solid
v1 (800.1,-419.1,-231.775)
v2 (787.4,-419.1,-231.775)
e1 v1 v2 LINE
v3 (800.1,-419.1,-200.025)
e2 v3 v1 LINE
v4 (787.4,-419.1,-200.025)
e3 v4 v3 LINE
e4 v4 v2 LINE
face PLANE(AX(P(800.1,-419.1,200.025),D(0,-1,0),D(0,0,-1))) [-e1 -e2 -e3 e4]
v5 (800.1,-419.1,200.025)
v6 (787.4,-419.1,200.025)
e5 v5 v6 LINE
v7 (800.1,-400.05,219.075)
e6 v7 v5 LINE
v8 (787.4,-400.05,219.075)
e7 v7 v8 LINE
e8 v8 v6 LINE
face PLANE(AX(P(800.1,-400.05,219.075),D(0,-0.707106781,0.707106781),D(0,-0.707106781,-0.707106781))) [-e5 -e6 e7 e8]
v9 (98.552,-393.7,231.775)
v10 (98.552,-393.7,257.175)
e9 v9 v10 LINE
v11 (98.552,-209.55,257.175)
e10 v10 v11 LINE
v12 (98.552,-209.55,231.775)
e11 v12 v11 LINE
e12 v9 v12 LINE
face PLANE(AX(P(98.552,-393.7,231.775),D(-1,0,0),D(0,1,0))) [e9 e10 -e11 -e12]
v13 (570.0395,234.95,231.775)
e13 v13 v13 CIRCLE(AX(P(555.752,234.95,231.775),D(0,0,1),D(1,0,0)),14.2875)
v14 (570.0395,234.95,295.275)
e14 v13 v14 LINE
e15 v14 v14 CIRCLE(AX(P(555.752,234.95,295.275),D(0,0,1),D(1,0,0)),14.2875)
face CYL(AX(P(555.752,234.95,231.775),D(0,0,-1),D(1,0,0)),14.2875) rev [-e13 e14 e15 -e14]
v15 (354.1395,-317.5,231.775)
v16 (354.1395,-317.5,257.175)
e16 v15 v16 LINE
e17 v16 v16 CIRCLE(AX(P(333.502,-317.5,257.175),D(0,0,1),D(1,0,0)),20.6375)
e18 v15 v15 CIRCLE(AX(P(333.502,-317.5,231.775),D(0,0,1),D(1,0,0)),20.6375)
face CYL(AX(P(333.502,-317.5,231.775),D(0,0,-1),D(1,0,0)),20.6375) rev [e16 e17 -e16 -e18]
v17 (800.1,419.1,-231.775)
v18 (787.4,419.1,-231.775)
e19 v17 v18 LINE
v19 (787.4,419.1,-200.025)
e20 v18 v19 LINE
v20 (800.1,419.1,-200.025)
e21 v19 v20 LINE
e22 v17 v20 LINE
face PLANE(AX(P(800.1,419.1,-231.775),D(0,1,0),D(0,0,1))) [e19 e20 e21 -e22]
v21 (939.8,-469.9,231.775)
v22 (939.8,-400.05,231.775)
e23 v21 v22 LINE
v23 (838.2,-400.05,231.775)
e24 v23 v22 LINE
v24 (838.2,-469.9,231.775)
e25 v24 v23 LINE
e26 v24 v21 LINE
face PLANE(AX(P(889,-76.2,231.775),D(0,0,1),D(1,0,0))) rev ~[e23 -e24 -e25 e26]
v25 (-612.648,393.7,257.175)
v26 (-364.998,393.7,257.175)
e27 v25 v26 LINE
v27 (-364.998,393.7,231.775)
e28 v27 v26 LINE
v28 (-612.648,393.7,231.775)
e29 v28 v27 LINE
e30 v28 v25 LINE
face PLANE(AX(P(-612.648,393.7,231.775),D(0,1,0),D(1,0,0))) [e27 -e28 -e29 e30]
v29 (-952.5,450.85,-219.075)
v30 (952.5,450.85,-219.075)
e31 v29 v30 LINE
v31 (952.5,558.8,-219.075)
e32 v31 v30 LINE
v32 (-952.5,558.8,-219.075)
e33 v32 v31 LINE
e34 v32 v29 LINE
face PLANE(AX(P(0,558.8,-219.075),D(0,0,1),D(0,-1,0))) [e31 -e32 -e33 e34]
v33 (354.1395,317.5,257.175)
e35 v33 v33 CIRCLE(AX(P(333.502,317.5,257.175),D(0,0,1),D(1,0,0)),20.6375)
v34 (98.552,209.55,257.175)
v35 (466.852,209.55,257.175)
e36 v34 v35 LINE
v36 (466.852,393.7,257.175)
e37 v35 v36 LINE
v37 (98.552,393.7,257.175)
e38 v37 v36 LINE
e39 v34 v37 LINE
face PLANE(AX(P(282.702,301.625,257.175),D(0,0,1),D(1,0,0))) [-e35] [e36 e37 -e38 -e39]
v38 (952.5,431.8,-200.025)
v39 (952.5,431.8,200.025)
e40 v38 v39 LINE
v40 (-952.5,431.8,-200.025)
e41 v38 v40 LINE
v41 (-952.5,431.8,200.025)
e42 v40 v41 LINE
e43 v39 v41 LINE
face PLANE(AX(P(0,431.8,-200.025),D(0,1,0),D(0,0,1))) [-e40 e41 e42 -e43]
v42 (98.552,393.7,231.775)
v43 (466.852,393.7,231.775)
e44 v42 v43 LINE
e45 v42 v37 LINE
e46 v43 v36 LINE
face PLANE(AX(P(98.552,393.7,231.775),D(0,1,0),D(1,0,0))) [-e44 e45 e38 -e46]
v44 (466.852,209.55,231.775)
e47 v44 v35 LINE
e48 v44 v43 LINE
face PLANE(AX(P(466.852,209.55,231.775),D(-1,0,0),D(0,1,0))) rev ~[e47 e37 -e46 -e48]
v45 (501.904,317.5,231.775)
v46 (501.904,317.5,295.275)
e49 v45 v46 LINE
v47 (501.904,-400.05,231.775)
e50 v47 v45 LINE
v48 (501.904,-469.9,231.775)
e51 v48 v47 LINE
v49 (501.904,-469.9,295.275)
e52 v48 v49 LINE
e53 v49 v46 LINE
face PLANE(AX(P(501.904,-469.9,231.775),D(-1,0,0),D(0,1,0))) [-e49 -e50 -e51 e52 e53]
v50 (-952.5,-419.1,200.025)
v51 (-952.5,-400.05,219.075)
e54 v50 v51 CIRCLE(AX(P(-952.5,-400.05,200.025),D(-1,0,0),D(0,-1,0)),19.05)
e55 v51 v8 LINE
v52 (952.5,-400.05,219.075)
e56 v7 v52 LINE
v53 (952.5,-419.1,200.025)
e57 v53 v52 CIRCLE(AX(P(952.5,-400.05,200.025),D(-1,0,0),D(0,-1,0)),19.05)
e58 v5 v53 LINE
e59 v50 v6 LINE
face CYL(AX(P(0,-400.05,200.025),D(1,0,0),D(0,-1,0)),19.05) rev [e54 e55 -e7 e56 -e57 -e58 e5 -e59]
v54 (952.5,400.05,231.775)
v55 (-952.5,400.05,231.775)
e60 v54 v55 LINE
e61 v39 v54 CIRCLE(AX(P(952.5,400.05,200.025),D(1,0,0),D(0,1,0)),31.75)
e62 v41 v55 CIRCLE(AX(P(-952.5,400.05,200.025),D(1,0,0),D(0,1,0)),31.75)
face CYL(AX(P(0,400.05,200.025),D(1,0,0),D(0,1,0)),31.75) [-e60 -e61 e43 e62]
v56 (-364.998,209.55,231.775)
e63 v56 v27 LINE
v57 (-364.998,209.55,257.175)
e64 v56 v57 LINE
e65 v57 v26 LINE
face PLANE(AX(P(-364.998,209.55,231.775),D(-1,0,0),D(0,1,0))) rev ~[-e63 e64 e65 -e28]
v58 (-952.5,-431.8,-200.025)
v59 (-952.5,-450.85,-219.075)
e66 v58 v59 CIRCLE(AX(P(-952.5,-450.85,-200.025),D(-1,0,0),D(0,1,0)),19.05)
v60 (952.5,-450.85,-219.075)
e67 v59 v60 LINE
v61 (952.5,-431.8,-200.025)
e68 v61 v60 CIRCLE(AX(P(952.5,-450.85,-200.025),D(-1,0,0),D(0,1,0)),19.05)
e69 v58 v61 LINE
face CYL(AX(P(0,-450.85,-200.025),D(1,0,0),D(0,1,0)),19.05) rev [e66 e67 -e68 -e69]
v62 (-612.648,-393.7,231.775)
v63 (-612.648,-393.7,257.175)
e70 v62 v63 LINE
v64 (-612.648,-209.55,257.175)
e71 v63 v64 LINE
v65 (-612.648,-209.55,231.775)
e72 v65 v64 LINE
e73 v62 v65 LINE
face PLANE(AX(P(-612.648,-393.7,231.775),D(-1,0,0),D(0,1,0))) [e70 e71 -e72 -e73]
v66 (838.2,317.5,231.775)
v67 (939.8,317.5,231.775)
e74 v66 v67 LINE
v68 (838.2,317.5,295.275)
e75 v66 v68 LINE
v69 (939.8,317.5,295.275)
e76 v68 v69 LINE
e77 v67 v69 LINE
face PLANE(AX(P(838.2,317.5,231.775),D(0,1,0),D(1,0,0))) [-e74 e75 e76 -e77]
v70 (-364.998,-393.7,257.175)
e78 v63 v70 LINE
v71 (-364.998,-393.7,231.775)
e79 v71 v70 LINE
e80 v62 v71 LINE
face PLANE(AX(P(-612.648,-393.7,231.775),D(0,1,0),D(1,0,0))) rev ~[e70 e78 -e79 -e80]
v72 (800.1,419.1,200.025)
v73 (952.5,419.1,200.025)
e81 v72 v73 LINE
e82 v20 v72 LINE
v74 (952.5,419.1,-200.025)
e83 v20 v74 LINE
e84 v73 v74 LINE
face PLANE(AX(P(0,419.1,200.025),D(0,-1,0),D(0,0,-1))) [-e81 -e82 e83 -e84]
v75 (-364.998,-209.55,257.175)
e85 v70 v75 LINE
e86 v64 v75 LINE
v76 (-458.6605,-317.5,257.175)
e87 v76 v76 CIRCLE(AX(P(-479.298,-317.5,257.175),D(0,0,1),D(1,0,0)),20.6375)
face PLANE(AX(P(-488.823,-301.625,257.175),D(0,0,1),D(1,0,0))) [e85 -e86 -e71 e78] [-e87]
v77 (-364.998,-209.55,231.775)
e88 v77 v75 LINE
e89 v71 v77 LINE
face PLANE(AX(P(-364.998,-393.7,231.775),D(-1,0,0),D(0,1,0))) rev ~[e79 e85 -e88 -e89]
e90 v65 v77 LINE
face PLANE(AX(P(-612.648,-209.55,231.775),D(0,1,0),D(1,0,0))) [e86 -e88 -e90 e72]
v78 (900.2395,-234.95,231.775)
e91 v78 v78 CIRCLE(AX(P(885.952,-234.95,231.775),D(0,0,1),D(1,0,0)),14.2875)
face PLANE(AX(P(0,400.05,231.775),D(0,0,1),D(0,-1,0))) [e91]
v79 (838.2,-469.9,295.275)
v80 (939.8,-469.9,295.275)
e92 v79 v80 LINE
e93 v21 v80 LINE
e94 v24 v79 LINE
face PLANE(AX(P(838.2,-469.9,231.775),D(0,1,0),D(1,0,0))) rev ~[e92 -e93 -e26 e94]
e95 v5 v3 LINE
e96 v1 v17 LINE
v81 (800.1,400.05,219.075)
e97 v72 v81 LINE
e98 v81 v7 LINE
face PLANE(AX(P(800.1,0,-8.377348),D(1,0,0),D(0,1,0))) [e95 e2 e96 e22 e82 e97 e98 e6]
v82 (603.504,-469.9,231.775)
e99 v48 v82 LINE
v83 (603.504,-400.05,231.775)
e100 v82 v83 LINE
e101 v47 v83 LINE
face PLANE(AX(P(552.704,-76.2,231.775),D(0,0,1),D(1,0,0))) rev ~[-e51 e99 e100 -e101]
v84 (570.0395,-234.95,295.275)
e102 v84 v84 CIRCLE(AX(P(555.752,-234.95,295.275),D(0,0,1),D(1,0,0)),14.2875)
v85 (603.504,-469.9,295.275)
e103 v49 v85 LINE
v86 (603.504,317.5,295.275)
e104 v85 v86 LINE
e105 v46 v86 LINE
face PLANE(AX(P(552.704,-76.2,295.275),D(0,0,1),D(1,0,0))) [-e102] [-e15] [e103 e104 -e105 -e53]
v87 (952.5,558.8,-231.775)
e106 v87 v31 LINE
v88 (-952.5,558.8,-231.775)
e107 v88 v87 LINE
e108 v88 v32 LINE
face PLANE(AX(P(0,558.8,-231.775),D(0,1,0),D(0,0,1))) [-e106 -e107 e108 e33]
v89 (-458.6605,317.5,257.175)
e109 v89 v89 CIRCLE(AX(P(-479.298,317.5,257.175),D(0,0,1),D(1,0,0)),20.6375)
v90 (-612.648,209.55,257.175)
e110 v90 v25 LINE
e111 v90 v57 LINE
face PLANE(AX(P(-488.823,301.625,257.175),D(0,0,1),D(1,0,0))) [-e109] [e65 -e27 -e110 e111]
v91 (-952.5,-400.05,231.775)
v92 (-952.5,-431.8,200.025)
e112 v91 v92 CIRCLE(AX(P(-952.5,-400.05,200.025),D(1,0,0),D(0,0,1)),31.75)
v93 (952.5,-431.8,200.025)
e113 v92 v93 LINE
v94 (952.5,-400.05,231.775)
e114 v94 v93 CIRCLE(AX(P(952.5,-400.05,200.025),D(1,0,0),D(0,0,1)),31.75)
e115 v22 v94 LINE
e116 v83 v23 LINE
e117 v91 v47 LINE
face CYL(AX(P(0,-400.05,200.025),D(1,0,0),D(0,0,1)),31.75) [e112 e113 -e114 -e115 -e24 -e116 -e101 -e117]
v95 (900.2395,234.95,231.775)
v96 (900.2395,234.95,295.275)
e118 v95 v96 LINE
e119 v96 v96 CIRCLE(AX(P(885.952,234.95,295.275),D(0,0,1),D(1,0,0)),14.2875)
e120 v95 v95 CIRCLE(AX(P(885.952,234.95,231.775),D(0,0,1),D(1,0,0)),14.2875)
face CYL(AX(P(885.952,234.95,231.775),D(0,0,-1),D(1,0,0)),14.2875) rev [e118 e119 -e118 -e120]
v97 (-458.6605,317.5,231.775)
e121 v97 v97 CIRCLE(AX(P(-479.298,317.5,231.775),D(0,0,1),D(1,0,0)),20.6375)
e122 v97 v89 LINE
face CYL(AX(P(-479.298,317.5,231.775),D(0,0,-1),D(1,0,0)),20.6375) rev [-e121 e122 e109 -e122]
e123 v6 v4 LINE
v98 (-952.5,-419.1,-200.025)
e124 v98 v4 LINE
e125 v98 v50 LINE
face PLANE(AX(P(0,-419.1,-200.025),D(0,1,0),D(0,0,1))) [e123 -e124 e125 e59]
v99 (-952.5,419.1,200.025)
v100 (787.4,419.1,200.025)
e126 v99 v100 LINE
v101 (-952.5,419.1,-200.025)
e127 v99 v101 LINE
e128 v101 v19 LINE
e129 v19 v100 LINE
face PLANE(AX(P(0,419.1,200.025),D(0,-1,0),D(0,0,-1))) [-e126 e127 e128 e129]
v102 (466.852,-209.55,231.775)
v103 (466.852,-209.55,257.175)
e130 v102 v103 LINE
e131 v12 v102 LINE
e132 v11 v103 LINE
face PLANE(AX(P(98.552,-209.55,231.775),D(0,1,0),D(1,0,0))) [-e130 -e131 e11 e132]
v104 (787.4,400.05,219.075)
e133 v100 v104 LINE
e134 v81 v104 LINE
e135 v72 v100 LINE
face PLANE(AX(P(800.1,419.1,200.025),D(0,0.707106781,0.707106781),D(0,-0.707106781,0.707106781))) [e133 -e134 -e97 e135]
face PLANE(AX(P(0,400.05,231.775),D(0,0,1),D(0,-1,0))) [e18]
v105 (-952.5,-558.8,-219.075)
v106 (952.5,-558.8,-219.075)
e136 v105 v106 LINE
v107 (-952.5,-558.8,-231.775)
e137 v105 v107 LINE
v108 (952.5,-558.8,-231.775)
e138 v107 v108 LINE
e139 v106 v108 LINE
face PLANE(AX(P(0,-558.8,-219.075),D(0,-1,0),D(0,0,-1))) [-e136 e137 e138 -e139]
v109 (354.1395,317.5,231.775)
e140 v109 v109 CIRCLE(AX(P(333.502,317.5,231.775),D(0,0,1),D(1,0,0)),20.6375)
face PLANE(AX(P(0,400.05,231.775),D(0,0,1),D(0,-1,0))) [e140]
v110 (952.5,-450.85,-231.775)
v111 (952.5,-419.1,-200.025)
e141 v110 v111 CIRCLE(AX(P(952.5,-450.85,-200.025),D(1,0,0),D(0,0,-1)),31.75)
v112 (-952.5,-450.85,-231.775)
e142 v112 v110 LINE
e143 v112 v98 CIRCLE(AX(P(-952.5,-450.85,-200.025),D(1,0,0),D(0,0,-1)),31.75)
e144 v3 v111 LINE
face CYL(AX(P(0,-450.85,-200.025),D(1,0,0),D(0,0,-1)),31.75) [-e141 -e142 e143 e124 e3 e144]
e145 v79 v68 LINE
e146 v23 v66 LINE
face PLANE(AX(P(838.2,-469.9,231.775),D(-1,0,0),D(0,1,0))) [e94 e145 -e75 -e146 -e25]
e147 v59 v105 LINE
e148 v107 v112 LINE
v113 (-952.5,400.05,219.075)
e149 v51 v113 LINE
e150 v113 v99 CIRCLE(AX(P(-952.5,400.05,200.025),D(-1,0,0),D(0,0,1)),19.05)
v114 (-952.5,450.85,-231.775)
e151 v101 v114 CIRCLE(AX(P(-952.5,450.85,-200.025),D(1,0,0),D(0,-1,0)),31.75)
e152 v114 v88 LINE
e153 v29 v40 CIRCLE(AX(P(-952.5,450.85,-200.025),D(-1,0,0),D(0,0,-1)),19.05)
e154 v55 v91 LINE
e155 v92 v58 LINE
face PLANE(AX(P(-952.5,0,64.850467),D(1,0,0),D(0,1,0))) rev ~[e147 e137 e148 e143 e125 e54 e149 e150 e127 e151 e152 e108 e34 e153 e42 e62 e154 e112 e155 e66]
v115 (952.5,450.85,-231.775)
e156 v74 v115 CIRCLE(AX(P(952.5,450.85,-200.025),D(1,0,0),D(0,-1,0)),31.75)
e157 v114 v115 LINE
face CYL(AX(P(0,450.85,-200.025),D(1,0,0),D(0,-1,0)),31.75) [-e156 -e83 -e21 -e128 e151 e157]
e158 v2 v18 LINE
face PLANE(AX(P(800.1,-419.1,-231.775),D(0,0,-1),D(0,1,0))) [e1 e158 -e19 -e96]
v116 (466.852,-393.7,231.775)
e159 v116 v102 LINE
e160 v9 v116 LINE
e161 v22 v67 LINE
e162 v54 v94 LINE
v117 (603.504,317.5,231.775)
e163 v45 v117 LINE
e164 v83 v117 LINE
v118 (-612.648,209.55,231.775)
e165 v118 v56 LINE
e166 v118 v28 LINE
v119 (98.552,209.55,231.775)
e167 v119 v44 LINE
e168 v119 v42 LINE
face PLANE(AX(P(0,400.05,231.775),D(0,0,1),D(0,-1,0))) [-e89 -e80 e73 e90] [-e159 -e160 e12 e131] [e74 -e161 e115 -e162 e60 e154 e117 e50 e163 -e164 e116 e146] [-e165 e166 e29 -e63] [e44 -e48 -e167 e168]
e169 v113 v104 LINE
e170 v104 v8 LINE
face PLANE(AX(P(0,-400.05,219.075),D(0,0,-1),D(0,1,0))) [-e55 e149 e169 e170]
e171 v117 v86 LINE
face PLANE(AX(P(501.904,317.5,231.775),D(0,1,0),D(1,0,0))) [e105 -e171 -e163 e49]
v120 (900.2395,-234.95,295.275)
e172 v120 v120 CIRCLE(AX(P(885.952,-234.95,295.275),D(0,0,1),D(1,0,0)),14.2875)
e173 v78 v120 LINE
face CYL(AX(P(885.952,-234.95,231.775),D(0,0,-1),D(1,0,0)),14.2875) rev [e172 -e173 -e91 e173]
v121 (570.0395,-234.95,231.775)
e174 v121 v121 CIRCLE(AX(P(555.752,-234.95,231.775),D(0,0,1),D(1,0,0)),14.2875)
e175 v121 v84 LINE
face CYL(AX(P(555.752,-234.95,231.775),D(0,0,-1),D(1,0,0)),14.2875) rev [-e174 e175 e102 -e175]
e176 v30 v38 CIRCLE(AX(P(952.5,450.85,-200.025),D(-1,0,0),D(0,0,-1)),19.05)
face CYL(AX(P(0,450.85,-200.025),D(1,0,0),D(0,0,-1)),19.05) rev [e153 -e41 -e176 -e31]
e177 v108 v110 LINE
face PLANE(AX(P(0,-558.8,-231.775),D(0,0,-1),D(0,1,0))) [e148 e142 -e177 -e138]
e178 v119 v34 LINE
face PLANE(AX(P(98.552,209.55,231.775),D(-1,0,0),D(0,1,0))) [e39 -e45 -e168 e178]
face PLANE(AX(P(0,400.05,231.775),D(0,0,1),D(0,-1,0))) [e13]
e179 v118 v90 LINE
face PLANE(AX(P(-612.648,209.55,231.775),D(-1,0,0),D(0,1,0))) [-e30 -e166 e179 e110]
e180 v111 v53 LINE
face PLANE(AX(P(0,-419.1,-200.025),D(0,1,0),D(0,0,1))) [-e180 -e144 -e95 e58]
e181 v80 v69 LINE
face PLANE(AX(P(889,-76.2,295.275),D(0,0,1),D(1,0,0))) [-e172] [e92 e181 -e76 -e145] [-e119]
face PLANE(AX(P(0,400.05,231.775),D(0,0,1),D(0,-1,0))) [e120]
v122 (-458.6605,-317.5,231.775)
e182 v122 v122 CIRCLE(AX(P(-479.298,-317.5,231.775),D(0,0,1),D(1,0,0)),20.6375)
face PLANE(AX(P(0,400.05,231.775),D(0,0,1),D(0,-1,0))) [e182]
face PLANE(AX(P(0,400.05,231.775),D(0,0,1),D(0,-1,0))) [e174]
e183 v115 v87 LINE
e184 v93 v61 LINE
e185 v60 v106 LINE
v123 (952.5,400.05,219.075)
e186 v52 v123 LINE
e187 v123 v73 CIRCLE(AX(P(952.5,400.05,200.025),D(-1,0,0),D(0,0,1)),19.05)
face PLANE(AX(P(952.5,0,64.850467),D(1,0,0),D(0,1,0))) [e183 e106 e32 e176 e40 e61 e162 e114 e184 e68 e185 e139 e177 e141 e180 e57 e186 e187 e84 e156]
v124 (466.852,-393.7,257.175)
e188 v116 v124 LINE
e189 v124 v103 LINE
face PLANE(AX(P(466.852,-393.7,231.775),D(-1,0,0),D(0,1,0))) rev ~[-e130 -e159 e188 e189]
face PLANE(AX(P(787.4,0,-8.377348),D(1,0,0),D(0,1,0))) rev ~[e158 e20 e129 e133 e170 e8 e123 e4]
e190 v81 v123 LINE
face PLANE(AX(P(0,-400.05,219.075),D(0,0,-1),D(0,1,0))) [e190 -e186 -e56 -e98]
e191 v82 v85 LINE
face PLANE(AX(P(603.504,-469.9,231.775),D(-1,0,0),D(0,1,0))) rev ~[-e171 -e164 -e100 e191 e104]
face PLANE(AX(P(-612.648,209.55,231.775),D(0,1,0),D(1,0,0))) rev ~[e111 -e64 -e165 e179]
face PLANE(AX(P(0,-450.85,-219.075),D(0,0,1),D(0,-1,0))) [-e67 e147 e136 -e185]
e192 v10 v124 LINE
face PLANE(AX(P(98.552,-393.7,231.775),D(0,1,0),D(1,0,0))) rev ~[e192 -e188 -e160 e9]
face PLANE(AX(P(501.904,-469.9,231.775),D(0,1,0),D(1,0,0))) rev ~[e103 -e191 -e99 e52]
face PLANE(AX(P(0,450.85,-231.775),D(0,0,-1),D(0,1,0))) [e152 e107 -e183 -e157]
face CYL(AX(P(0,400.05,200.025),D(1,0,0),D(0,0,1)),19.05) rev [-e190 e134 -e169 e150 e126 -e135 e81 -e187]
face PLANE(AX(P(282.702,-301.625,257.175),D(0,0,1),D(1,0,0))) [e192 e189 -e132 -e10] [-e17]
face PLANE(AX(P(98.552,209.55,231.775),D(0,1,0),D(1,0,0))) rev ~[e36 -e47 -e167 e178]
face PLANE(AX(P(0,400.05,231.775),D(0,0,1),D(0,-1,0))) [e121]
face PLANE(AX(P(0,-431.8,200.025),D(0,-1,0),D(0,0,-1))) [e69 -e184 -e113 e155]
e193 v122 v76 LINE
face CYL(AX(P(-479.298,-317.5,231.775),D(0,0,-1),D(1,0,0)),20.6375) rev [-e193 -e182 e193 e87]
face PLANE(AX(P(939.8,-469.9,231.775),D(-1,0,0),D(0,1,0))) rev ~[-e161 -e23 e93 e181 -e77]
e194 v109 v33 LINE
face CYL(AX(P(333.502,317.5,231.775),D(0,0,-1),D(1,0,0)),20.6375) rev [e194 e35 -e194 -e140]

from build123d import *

# Parameters (mm, degrees)
F1_DEPTH = 952.5
F2_W     = 101.6
F2_H     = 787.4
F2_R     = 14.2875
F3_DEPTH = 63.5
F4_W     = 368.3
F4_H     = 184.15
F4_R     = 20.6375
F4_W_2   = 247.65
F5_DEPTH = 25.4
F8_DEPTH = 12.7


with BuildPart() as f1:
    # F0 (on Right) → F1 (new body, symmetric)
    with BuildSketch(Plane.YZ):
        with BuildLine():
            Line((400.05, 231.775), (-400.05, 231.775))
            ThreePointArc((-400.05, 231.775), (-422.5006403027, 222.4756403027), (-431.8, 200.025))
            Line((-431.8, 200.025), (-431.8, -200.025))
            ThreePointArc((-431.8, -200.025), (-437.3796158184, -213.4953841816), (-450.85, -219.075))
            Line((-450.85, -219.075), (-558.8, -219.075))
            Line((-558.8, -219.075), (-558.8, -231.775))
            Line((-558.8, -231.775), (-450.85, -231.775))
            ThreePointArc((-450.85, -231.775), (-428.3993596973, -222.4756403027), (-419.1, -200.025))
            Line((-419.1, -200.025), (-419.1, 200.025))
            ThreePointArc((-419.1, 200.025), (-413.5203841816, 213.4953841816), (-400.05, 219.075))
            Line((-400.05, 219.075), (400.05, 219.075))
            ThreePointArc((400.05, 219.075), (413.5203841816, 213.4953841816), (419.1, 200.025))
            Line((419.1, 200.025), (419.1, -200.025))
            ThreePointArc((419.1, -200.025), (428.3993596973, -222.4756403027), (450.85, -231.775))
            Line((450.85, -231.775), (558.8, -231.775))
            Line((558.8, -231.775), (558.8, -219.075))
            Line((558.8, -219.075), (450.85, -219.075))
            ThreePointArc((450.85, -219.075), (437.3796158184, -213.4953841816), (431.8, -200.025))
            Line((431.8, -200.025), (431.8, 200.025))
            ThreePointArc((431.8, 200.025), (422.5006403027, 222.4756403027), (400.05, 231.775))
        make_face()
    extrude(amount=F1_DEPTH, both=True)

    # F2 (on face) → F3 (join)
    with BuildSketch(Plane.XY.offset(231.775)):
        with Locations((889, -76.2)):
            Rectangle(F2_W, F2_H)
        with Locations((885.952, -234.95)):
            Circle(F2_R, mode=Mode.SUBTRACT)
        with Locations((885.952, 234.95)):
            Circle(F2_R, mode=Mode.SUBTRACT)
        with Locations((552.704, -76.2)):
            Rectangle(F2_W, F2_H)
        with Locations((555.752, -234.95)):
            Circle(F2_R, mode=Mode.SUBTRACT)
        with Locations((555.752, 234.95)):
            Circle(F2_R, mode=Mode.SUBTRACT)
    extrude(amount=F3_DEPTH)

    # F4 (on face) → F5 (join)
    with BuildSketch(Plane.XY.offset(231.775)):
        with Locations((282.702, -301.625)):
            Rectangle(F4_W, F4_H)
        with Locations((333.502, -317.5)):
            Circle(F4_R, mode=Mode.SUBTRACT)
        with Locations((-488.823, -301.625)):
            Rectangle(F4_W_2, F4_H)
        with Locations((-479.298, -317.5)):
            Circle(F4_R, mode=Mode.SUBTRACT)
        with Locations((-488.823, 301.625)):
            Rectangle(F4_W_2, F4_H)
        with Locations((-479.298, 317.5)):
            Circle(F4_R, mode=Mode.SUBTRACT)
        with Locations((282.702, 301.625)):
            Rectangle(F4_W, F4_H)
        with Locations((333.502, 317.5)):
            Circle(F4_R, mode=Mode.SUBTRACT)
    extrude(amount=F5_DEPTH)

    # F7 (on offset) → F8 (join)
    with BuildSketch(Plane.YZ.offset(800.1)):
        Polygon((400.05, 219.075), (-400.05, 219.075), (-419.1, 200.025), (-419.1, -231.775), (419.1, -231.775), (419.1, 200.025), align=None)
    extrude(amount=-F8_DEPTH)


solid = f1.part
